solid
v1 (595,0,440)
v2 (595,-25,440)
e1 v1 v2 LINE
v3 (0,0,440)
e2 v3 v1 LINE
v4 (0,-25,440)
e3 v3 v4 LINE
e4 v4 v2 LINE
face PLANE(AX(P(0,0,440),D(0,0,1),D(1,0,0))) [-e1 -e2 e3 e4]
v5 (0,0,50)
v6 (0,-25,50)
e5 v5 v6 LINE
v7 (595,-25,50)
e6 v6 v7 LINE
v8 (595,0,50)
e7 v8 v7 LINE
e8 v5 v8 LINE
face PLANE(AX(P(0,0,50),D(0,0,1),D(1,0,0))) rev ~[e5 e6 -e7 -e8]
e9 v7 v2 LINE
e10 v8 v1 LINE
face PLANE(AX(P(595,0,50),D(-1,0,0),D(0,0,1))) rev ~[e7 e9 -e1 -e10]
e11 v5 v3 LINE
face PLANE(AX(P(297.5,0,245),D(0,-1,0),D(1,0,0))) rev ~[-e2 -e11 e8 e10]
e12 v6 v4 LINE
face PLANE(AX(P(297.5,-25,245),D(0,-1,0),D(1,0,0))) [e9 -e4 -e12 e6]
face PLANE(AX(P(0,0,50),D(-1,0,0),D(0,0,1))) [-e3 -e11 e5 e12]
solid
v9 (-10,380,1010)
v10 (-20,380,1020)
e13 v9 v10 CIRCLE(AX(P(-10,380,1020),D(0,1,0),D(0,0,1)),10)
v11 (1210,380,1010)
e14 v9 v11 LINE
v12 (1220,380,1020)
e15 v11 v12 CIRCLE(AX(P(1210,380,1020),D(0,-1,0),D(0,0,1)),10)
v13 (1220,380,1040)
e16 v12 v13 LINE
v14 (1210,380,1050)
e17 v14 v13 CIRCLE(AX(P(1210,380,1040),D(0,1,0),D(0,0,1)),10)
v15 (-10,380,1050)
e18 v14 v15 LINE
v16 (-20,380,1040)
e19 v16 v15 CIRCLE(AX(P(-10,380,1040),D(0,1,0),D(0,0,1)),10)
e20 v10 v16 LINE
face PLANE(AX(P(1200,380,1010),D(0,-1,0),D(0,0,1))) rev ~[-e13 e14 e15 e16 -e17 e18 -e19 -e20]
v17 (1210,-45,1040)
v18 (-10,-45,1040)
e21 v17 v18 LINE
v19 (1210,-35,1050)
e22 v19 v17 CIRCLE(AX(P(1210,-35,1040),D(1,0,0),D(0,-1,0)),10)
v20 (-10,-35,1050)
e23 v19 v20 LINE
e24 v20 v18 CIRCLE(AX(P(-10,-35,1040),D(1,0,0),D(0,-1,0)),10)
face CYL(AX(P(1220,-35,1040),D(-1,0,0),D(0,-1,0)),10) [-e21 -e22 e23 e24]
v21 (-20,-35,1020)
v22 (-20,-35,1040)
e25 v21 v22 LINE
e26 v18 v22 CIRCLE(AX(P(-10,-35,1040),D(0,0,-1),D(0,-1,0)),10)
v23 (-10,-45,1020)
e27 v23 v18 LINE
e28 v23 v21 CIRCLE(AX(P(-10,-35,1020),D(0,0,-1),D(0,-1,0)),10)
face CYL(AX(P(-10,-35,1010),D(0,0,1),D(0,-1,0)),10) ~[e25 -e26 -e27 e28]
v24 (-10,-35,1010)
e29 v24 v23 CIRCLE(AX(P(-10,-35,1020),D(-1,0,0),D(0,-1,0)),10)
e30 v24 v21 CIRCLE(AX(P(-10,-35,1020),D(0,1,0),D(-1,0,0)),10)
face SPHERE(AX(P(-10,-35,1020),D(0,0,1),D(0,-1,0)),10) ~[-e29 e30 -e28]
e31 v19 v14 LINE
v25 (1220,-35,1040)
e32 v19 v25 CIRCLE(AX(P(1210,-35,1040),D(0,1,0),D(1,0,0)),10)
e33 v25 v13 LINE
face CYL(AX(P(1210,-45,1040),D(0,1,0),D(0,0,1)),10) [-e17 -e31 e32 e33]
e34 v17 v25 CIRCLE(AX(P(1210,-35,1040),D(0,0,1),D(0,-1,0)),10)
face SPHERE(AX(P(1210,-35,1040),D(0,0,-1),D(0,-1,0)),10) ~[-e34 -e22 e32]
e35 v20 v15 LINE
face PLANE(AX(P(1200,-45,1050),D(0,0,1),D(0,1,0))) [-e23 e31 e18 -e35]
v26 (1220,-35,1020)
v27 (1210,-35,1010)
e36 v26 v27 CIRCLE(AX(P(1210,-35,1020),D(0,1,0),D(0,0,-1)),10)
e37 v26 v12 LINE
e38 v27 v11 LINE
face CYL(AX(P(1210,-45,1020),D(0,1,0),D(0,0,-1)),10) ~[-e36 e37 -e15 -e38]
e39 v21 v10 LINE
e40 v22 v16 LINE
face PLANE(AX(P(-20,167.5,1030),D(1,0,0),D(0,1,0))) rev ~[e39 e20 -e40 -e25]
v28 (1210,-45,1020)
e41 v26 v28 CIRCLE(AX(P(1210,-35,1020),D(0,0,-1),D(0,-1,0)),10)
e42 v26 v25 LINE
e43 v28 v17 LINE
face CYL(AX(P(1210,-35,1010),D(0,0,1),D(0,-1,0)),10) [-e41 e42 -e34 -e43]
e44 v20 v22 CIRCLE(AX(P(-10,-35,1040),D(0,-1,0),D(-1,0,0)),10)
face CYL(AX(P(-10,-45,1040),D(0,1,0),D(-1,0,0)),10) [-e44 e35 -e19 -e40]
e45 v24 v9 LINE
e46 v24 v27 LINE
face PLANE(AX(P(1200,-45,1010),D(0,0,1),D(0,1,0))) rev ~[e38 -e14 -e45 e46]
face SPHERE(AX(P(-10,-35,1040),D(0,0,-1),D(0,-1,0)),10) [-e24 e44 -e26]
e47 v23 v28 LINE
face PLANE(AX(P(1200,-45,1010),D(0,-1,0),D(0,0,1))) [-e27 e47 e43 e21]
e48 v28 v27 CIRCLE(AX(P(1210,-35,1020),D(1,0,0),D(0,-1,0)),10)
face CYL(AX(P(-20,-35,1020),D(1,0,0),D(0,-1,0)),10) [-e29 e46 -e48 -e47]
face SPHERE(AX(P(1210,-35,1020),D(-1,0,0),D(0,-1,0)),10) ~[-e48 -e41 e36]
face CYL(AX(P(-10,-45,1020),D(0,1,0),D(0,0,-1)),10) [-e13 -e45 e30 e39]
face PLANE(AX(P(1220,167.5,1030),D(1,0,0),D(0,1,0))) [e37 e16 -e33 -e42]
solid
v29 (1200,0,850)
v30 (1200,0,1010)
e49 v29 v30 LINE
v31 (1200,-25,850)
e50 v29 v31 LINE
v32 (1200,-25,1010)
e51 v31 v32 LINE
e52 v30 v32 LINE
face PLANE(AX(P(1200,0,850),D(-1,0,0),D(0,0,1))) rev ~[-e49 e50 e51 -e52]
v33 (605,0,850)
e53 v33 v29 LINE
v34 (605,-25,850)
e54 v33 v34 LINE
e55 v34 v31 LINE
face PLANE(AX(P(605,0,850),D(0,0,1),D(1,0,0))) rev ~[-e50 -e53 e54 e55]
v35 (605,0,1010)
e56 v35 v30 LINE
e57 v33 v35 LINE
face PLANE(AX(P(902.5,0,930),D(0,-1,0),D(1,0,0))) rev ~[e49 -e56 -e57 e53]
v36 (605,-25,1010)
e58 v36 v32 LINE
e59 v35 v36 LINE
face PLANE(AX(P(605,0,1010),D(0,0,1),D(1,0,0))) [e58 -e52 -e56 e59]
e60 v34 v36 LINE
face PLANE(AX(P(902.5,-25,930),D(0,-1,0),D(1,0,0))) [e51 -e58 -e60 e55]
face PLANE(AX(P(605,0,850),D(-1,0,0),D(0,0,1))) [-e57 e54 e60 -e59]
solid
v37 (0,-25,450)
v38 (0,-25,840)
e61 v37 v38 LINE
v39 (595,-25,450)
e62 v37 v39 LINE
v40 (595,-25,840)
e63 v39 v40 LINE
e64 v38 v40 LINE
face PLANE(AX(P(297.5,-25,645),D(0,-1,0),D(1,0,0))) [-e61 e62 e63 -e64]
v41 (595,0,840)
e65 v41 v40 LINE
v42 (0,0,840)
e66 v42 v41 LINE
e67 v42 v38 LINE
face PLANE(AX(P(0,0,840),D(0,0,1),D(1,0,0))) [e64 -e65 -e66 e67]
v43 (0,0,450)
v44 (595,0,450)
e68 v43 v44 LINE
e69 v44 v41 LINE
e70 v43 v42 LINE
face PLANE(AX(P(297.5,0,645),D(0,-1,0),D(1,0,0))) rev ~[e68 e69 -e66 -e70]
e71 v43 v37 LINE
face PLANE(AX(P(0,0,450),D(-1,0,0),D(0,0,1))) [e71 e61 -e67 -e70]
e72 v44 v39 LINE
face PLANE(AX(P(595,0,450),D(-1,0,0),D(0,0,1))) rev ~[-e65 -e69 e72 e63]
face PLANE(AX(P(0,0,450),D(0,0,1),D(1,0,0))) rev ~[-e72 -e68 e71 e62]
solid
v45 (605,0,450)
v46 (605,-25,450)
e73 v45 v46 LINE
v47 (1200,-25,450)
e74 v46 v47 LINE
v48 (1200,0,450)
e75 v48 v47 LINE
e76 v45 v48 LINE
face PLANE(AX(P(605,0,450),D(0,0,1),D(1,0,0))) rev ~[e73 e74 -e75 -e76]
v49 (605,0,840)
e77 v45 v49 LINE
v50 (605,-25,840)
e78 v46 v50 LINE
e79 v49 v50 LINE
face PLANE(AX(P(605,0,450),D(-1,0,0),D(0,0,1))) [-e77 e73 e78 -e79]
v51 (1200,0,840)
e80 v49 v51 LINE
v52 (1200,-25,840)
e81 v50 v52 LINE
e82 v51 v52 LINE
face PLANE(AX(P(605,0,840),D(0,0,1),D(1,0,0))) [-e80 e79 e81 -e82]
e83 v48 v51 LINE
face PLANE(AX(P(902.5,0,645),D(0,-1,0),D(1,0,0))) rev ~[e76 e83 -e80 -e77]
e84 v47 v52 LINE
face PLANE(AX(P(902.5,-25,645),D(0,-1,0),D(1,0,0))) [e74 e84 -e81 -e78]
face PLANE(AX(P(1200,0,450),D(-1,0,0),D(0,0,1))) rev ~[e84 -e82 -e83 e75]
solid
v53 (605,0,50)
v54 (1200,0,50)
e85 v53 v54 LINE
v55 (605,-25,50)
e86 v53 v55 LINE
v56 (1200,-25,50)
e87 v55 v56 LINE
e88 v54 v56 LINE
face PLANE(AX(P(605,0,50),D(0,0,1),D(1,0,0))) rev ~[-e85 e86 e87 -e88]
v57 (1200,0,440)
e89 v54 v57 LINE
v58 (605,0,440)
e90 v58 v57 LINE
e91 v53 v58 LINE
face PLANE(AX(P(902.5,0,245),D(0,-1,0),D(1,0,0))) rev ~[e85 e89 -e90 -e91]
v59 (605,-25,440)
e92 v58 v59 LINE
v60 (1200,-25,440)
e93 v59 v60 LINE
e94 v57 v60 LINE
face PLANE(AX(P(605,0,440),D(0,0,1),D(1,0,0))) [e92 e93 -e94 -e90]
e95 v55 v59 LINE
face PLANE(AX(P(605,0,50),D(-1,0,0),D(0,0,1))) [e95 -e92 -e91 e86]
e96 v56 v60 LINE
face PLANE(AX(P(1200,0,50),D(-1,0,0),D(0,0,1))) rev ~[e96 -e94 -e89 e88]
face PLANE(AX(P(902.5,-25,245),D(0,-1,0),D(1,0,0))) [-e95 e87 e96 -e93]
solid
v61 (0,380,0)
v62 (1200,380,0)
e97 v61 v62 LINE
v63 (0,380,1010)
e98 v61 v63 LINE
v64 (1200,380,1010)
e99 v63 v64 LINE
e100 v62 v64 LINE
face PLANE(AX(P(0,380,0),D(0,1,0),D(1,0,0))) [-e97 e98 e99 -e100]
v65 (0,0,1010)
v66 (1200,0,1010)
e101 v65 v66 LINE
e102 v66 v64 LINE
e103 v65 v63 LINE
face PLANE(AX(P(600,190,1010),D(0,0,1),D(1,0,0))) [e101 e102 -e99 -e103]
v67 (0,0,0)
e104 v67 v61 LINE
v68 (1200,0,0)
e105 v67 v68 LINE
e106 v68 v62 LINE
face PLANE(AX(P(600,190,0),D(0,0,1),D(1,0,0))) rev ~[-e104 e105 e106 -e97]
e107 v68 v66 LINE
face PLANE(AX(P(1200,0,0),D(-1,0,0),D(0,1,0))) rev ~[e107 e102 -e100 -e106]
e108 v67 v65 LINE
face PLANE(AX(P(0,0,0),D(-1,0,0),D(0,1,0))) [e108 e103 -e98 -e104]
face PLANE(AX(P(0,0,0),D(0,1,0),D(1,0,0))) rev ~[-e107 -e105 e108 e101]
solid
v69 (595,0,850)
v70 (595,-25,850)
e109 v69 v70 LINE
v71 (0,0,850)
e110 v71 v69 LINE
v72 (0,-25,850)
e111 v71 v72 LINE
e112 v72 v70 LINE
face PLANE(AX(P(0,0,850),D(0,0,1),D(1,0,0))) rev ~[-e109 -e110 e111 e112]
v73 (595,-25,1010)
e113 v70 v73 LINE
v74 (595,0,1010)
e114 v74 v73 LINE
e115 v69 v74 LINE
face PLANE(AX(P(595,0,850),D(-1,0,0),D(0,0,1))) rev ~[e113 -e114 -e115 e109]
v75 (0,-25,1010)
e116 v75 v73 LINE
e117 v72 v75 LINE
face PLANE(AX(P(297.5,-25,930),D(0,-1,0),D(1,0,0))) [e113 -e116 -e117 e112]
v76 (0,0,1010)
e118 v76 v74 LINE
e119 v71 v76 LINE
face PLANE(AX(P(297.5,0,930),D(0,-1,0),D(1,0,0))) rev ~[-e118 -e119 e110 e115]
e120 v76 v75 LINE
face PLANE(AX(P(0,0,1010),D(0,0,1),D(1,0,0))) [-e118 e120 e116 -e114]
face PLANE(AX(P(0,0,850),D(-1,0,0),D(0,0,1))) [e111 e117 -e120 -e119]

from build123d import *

# Parameters (mm, degrees)
F1_W          = 1200
F1_H          = 380
F2_DEPTH      = 1010
F3_W          = 595
F3_H          = 390
F4_DEPTH      = 25
F3_H_2        = 160
F5_W          = 425
F5_H          = 40
F6_DEPTH      = 1220
F6_DEPTH_BACK = 20
F7_R          = 10


with BuildPart() as f2:
    # F1 (on Top) → F2 (new body)
    with BuildSketch(Plane.XY):
        with Locations((600, 190)):
            Rectangle(F1_W, F1_H)
    extrude(amount=F2_DEPTH)


with BuildPart() as f4:
    # F3 (on face) → F4 (new body)
    with BuildSketch(Plane.XZ):
        with Locations((297.5, 245)):
            Rectangle(F3_W, F3_H)
    extrude(amount=F4_DEPTH)


with BuildPart() as f4b:
    # F3 (on face) → F4, piece 2 (new body)
    with BuildSketch(Plane.XZ):
        with Locations((902.5, 245)):
            Rectangle(F3_W, F3_H)
    extrude(amount=F4_DEPTH)


with BuildPart() as f4c:
    # F3 (on face) → F4, piece 3 (new body)
    with BuildSketch(Plane.XZ):
        with Locations((297.5, 645)):
            Rectangle(F3_W, F3_H)
    extrude(amount=F4_DEPTH)


with BuildPart() as f4d:
    # F3 (on face) → F4, piece 4 (new body)
    with BuildSketch(Plane.XZ):
        with Locations((902.5, 645)):
            Rectangle(F3_W, F3_H)
    extrude(amount=F4_DEPTH)


with BuildPart() as f4e:
    # F3 (on face) → F4, piece 5 (new body)
    with BuildSketch(Plane.XZ):
        with Locations((297.5, 930)):
            Rectangle(F3_W, F3_H_2)
    extrude(amount=F4_DEPTH)


with BuildPart() as f4f:
    # F3 (on face) → F4, piece 6 (new body)
    with BuildSketch(Plane.XZ):
        with Locations((902.5, 930)):
            Rectangle(F3_W, F3_H_2)
    extrude(amount=F4_DEPTH)


with BuildPart() as f6:
    # F5 (on face) → F6 (new body, two sides)
    with BuildSketch(Plane.YZ.offset(1200)) as f6_sk:
        with Locations((167.5, 1030)):
            Rectangle(F5_W, F5_H)
    extrude(amount=-F6_DEPTH)
    extrude(f6_sk.sketch, amount=F6_DEPTH_BACK)

    # F7
    f7_edges = [f6.edges().sort_by_distance(p)[0] for p in [
        (-20, -45, 1030),
        (600, -45, 1010),
        (1220, -45, 1030),
        (600, -45, 1050),
        (1220, 167.5, 1010),
        (1220, 167.5, 1050),
        (-20, 167.5, 1050),
        (-20, 167.5, 1010),
    ]]
    fillet(f7_edges, radius=F7_R)


solid = Compound([f2.part, f4.part, f4b.part, f4c.part, f4d.part, f4e.part, f4f.part, f6.part])
